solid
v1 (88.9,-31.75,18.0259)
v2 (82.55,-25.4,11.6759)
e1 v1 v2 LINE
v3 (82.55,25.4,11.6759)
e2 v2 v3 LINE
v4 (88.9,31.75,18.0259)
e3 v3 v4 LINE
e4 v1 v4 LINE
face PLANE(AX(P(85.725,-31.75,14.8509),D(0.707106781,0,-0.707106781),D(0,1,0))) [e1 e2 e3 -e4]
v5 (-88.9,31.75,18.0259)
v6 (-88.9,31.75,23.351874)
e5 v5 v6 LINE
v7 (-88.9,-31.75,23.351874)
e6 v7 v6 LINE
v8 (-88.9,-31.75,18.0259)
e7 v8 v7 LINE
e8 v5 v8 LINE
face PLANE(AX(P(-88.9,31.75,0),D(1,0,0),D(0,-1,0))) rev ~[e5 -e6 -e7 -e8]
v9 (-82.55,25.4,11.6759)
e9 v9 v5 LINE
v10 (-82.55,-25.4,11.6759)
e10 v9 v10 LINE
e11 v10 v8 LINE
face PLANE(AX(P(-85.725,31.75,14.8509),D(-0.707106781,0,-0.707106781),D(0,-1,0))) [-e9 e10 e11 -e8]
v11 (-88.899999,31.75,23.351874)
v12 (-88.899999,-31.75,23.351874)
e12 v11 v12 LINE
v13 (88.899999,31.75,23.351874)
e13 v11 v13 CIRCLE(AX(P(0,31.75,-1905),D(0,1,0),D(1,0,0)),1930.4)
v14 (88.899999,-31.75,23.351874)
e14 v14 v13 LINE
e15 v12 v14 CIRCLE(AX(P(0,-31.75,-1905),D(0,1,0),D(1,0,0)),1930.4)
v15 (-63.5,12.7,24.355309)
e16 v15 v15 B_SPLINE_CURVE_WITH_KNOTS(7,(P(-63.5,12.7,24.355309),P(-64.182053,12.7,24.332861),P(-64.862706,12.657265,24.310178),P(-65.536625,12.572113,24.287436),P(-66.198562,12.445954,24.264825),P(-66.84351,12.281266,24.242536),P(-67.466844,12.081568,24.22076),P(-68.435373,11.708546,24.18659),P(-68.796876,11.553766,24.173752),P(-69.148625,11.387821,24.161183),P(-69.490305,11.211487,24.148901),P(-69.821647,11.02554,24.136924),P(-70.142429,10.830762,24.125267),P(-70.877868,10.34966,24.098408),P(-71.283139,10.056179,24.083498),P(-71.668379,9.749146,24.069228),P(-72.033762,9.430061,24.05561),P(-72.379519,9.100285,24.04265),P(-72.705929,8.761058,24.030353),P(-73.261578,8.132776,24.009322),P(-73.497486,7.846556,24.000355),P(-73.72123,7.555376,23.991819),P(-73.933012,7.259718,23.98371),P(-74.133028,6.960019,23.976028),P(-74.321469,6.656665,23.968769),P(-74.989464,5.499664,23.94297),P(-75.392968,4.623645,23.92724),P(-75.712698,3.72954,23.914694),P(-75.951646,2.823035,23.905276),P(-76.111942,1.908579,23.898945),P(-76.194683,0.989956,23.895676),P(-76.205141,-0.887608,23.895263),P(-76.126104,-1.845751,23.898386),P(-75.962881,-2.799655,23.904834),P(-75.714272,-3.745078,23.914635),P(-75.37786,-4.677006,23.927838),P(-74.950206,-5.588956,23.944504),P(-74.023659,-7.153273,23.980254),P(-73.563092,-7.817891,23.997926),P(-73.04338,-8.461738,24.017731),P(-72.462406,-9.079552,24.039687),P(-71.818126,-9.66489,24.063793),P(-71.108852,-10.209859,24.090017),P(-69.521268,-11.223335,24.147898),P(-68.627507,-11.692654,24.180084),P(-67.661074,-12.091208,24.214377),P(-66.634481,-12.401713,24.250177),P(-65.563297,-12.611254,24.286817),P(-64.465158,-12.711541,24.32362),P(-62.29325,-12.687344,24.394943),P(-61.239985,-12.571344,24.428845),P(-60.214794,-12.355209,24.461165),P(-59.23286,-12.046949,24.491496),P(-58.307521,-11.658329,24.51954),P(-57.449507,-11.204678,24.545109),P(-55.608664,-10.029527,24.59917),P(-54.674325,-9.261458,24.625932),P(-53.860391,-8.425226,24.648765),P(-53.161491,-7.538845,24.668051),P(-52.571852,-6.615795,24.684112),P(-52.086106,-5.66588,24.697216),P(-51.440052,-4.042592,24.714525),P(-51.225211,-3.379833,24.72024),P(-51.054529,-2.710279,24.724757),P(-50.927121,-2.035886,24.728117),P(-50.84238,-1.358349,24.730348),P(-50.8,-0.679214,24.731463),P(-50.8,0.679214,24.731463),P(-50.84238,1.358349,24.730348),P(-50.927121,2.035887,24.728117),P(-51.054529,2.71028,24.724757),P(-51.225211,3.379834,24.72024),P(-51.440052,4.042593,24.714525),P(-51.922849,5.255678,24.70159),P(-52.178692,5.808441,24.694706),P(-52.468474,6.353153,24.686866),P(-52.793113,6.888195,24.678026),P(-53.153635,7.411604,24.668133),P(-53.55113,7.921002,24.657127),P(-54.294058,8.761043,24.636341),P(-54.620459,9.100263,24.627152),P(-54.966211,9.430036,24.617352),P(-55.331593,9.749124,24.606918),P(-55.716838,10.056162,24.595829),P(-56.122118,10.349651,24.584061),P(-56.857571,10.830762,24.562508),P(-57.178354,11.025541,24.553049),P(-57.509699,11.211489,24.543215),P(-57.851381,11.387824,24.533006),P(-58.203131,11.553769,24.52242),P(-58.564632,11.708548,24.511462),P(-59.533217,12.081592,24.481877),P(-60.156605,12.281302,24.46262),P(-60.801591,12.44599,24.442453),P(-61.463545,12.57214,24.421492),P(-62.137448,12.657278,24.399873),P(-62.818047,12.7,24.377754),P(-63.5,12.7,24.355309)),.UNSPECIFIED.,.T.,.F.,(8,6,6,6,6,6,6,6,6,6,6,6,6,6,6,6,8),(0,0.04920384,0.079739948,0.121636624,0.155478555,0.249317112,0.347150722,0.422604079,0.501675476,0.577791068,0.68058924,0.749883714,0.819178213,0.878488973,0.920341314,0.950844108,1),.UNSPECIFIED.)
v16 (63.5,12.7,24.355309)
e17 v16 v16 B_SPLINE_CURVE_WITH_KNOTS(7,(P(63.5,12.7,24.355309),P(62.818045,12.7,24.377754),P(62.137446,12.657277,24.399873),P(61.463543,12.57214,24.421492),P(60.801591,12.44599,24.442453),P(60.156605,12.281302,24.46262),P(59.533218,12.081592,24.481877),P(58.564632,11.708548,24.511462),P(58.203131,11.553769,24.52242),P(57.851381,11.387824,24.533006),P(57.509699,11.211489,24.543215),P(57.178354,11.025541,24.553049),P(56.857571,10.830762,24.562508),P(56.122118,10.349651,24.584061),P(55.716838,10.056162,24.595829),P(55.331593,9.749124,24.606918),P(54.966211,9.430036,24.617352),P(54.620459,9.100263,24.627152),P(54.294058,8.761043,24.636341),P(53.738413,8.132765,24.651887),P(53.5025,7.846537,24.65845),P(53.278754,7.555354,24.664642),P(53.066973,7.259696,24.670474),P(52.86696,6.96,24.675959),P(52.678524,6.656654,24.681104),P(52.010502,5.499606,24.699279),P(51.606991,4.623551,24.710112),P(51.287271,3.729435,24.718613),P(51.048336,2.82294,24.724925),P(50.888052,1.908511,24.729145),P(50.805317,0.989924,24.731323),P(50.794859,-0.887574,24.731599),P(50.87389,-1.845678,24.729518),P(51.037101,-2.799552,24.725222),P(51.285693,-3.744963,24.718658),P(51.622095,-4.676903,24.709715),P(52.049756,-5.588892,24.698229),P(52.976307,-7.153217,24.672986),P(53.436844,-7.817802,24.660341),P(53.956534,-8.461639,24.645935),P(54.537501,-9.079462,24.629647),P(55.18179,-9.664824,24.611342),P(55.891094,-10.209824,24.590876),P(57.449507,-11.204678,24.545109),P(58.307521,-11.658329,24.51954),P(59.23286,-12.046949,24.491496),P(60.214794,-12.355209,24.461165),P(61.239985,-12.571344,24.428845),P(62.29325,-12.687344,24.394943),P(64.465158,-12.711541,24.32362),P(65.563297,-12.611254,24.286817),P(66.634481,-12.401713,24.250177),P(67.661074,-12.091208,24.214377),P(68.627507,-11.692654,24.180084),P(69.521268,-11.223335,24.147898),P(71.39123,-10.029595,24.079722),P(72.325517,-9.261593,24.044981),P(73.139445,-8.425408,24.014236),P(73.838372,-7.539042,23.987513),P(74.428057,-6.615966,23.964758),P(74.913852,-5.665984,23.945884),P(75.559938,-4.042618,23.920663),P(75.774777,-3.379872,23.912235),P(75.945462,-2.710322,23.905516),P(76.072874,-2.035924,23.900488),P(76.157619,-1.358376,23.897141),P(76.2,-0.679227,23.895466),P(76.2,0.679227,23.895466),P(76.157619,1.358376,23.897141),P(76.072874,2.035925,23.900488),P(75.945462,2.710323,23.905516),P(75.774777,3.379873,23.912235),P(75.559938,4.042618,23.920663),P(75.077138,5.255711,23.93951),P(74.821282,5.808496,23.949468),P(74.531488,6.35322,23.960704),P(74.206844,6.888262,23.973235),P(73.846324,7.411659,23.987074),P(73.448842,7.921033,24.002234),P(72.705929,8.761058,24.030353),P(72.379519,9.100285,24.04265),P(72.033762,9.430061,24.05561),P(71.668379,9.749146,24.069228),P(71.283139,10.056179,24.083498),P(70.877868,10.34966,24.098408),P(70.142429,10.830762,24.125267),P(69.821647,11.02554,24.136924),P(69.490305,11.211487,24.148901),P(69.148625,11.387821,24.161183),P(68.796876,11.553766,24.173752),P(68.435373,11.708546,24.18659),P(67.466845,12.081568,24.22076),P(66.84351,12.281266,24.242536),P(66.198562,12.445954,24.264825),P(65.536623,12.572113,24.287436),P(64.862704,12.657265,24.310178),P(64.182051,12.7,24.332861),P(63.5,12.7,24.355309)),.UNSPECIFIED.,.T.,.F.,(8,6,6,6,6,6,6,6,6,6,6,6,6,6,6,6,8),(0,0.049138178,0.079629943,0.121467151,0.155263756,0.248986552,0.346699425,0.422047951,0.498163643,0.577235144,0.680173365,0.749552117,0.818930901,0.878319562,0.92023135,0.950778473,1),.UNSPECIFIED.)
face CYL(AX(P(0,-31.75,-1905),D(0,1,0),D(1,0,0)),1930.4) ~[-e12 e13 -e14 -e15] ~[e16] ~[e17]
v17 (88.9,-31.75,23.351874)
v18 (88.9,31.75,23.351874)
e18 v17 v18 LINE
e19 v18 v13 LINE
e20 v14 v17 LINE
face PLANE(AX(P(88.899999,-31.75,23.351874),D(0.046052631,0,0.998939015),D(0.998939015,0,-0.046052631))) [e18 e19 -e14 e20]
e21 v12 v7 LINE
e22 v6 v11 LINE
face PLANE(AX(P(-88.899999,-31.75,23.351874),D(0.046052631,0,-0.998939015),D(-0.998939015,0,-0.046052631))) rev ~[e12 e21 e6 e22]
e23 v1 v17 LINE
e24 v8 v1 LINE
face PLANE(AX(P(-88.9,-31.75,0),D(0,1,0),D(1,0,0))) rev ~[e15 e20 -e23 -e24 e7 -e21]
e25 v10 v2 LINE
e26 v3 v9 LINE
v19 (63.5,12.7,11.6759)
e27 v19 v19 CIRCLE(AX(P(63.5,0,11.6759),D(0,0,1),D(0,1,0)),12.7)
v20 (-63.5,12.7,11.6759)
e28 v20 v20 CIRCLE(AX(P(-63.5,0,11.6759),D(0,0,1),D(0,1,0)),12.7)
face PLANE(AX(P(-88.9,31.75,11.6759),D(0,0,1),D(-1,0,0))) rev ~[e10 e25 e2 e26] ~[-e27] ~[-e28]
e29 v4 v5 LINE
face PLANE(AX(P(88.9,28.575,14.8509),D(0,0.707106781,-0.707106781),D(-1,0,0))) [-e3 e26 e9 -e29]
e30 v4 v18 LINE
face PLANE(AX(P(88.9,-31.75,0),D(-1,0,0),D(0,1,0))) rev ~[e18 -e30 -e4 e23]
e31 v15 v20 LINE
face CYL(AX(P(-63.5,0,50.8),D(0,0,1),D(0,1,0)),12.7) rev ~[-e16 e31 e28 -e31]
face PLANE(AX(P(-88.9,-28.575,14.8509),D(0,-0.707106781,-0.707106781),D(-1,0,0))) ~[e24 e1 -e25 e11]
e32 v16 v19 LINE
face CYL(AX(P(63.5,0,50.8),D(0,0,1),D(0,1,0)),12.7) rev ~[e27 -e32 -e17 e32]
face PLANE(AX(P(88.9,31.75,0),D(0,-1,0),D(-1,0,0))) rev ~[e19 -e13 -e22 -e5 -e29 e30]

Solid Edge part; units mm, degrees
sketch "Sketch1" plane through (0, 0, 0) normal (0, 0, 1) x (1, 0, 0)
  line L0 (-88.9, -31.75) -> (88.9, -31.75)
  line L1 (88.9, -31.75) -> (88.9, 31.75)
  line L2 (88.9, 31.75) -> (-88.9, 31.75)
  line L3 (-88.9, 31.75) -> (-88.9, -31.75)
extrude "Protrusion1" add sketch "Sketch1" along normal blind 50.8
sketch "Sketch2" plane through (0, -31.75, 25.4) normal (0, -1, 0) x (1, 0, 0)
  arc A0 (-88.9, 23.3785) -> (88.9, 23.3785) centre (0, -1930.4) cw
extrude "ExtrudedCutout_3" cut sketch "Sketch2" against normal blind 91.9194 material side at (0, -31.75, 50.85)
sketch "Sketch3" plane through (0, -31.75, 25.4) normal (0, -1, 0) x (1, 0, 0)
  arc A0 (88.9, -2.0481) -> (-88.9, -2.0481) centre (0, -1930.4) ccw
extrude "ExtrudedCutout_6" cut sketch "Sketch3" along normal mid plane 192.7852 material side at (0, -31.75, 25.45)
sketch "Sketch4" plane through (0, 31.75, 12.7) normal (0, 1, 0) x (1, 0, 0)
  line L0 (-88.9, 1.0241) -> (88.9, 1.0241)
extrude "ExtrudedCutout_7" cut sketch "Sketch4" along normal mid plane 206.9311 material side at (0, 31.75, 11.6259)
chamfer "Chamfer_4" distance 6.35 angle 45 4 edges at (0, 31.75, 11.6759) (-88.9, 0, 11.6759) (0, -31.75, 11.6759) (88.9, 0, 11.6759)
sketch "Sketch5" plane through (0, 0, 50.8) normal (0, 0, 1) x (0, 1, 0)
  circle A0 centre (0, 63.5) radius 12.7
  circle A1 centre (0, -63.5) radius 12.7
  dimension "D1" = 25.4
  dimension "D2" = 127
  dimension "D3" = 63.5
extrude "ExtrudedCutout_8" cut sketch "Sketch5" against normal blind 84.0346
